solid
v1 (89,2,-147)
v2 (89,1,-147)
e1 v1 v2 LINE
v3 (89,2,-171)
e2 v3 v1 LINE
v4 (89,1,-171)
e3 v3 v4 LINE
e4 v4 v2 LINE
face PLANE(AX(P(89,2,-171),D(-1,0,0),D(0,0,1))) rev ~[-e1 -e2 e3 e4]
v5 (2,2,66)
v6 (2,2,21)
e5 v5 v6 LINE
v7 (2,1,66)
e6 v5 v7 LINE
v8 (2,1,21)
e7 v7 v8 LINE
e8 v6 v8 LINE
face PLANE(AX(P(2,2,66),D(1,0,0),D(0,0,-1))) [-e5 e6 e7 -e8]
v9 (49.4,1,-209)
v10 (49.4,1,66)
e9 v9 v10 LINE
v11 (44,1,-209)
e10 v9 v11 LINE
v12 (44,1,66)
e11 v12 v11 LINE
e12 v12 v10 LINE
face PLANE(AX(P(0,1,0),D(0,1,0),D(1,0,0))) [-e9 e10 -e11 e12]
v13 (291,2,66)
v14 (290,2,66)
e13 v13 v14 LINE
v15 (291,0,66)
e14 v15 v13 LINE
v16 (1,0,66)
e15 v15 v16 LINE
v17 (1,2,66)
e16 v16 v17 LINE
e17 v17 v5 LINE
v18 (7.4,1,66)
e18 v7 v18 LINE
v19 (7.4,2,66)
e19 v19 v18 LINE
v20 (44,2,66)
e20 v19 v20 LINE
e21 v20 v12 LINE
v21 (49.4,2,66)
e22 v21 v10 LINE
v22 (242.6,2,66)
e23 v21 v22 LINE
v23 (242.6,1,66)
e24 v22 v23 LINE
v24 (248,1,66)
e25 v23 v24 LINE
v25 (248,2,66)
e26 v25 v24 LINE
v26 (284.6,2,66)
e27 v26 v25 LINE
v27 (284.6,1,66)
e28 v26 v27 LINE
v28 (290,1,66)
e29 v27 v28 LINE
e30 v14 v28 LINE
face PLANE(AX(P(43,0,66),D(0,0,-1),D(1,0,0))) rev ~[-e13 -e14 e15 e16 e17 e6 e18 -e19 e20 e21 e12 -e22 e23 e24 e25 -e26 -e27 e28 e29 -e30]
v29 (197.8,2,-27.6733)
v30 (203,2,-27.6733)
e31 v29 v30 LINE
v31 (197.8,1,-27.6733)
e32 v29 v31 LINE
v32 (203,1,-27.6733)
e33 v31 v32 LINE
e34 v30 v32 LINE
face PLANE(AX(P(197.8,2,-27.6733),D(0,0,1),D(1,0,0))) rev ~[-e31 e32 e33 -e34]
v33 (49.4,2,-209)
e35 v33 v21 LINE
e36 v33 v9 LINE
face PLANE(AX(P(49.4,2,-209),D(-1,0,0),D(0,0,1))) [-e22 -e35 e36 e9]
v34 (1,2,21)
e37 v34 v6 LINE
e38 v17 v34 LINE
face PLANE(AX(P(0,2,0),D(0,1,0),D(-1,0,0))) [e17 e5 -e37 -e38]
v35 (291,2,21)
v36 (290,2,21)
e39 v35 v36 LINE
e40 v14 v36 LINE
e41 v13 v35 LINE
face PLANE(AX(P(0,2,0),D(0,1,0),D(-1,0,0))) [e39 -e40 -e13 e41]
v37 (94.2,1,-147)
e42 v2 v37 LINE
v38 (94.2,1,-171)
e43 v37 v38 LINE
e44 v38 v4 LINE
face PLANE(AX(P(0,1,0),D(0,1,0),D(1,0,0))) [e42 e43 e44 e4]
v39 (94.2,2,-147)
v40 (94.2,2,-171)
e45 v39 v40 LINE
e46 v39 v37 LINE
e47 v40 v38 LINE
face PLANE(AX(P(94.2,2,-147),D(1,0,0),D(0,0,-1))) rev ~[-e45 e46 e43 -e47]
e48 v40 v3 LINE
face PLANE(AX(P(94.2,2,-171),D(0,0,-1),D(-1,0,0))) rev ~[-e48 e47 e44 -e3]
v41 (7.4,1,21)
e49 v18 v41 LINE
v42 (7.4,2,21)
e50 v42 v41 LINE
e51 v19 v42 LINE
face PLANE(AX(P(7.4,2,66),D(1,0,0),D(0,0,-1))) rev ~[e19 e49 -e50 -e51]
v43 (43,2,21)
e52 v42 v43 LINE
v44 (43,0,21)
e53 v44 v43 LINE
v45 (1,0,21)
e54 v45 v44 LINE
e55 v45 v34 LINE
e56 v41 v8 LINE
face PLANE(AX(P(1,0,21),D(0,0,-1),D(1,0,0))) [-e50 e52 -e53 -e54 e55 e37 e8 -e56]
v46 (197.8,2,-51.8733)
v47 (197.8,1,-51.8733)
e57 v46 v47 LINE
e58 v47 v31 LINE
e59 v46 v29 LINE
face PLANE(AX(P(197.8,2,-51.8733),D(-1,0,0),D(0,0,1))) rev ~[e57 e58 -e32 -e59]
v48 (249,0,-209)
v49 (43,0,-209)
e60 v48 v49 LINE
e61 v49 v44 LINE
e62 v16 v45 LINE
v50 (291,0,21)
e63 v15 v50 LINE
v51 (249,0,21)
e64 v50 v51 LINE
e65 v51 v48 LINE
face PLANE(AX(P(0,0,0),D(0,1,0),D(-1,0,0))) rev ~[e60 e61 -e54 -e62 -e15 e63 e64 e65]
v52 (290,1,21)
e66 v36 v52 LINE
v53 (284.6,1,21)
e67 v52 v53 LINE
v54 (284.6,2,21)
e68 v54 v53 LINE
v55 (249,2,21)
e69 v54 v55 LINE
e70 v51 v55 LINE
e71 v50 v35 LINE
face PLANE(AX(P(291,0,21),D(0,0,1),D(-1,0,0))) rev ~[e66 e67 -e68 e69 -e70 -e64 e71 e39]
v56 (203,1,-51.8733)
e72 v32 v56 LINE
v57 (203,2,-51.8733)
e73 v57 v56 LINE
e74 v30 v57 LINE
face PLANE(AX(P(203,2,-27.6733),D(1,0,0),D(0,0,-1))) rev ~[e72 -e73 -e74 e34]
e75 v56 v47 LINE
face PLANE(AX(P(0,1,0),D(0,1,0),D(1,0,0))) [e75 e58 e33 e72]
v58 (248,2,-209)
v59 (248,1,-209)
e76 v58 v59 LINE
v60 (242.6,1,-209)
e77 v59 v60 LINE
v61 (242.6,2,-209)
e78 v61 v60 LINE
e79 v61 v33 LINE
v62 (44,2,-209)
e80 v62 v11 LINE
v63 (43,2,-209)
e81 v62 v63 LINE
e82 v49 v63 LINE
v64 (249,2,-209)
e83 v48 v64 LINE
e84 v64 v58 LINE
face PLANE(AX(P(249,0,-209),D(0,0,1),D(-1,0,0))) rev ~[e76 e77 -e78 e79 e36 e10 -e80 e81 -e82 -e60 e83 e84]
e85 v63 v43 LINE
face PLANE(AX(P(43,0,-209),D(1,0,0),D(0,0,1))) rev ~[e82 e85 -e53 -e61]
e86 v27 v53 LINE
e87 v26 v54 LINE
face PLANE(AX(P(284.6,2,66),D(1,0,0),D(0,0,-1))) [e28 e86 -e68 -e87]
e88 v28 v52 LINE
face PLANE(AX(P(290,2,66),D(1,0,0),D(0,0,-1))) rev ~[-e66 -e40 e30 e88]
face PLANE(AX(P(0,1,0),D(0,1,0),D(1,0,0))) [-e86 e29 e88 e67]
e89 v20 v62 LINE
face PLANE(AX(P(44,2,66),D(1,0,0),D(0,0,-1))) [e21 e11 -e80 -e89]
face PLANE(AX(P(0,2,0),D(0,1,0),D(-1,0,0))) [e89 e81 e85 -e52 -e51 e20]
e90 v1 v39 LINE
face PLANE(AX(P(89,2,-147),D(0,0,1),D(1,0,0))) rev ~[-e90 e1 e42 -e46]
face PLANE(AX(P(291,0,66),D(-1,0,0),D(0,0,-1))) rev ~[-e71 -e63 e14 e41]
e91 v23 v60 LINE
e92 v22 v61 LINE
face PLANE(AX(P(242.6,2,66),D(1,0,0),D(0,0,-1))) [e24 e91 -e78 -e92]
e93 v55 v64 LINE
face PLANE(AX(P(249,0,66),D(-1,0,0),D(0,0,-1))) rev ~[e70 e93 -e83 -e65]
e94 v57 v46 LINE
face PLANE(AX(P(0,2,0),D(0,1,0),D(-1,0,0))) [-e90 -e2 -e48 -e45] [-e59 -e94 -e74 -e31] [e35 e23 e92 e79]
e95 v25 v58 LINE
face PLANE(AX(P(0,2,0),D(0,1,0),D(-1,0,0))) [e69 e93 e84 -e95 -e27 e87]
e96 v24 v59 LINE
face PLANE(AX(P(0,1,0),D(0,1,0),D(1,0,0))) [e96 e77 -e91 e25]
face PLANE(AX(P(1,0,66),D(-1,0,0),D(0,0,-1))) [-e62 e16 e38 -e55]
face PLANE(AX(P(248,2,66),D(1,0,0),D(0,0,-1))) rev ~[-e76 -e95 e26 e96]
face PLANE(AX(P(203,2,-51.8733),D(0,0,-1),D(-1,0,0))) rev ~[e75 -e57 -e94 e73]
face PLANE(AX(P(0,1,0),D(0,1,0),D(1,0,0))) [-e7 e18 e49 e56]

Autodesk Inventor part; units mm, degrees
ref_plane "YZ Plane" through (0, 0, 0) normal (1, 0, 0) x (0, 1, 0)
ref_plane "XZ Plane" through (0, 0, 0) normal (0, 1, 0) x (-1, 0, 0)
ref_plane "XY Plane" through (0, 0, 0) normal (0, 0, 1) x (1, 0, 0)
sketch "스케치1" plane through (0, 0, 0) normal (0, 1, 0) x (-1, 0, 0)
  line L0 (-43, 66) -> (-249, 66)
  line L1 (-249, 66) -> (-249, -209)
  line L2 (-249, -209) -> (-43, -209)
  line L3 (-43, -209) -> (-43, 66)
  point P0 (0, 0)
  dimension "d0" = 206
  dimension "d1" = 275
extrude "돌출1" add sketch "스케치1" along normal blind 2
sketch "스케치2" plane through (0, 2, 0) normal (0, 1, 0) x (1, 0, 0)
  line L0 (43, -66) -> (249, -66) projected
  line L1 (249, -66) -> (248, -66)
  line L2 (248, -66) -> (248, 209)
  line L3 (249, 209) -> (43, 209) projected
  line L4 (43, 209) -> (43, -66) projected
  line L5 (43, -66) -> (44, -66)
  line L6 (44, -66) -> (44, 209)
  line L7 (44, 209) -> (49.4, 209)
  line L8 (49.4, 209) -> (49.4, -66)
  line L9 (248, -66) -> (242.6, -66)
  line L10 (242.6, -66) -> (242.6, 209)
  line L11 (49.4, -66) -> (44, -66)
  line L12 (49.4, 209) -> (44, 209)
  point P0 (0, 0)
  dimension "d4" = 1
  dimension "d5" = 5.4
  dimension "d6" = 5.4
  dimension "d9" = 1
extrude "돌출2" cut sketch "스케치2" against normal blind 1 contours L6 L3 L8 L0 | L10 L3 L2 L0
sketch "스케치3" plane through (0, 2, 0) normal (0, 1, 0) x (1, 0, 0)
  line L0 (197.8, 27.6733) -> (203, 27.6733)
  line L1 (203, 27.6733) -> (203, 51.8733)
  line L2 (203, 51.8733) -> (197.8, 51.8733)
  line L3 (197.8, 51.8733) -> (197.8, 27.6733)
  point P0 (0, 0)
  dimension "d10" = 5.2
  dimension "d11" = 24.2
extrude "돌출3" cut sketch "스케치3" against normal blind 1
sketch "스케치4" plane through (0, 2, 0) normal (0, 1, 0) x (1, 0, 0)
  line L0 (94.2, 171) -> (89, 171)
  line L1 (89, 171) -> (89, 147)
  line L2 (89, 147) -> (94.2, 147)
  line L3 (94.2, 147) -> (94.2, 171)
  point P0 (0, 0)
  dimension "d14" = 5.2
extrude "돌출4" cut sketch "스케치4" against normal blind 1
sketch "스케치5" plane through (0, 0, 0) normal (0, -1, 0) x (1, 0, 0)
  line L0 (43, -209) -> (43, 66) projected
  line L1 (43, 66) -> (1, 66)
  line L2 (1, 66) -> (1, 21)
  line L3 (1, 21) -> (43, 21)
  line L4 (249, 66) -> (291, 66)
  line L5 (291, 66) -> (291, 21)
  line L6 (291, 21) -> (249, 21)
  line L7 (249, 66) -> (249, -209) projected
  point P0 (0, 0)
  dimension "d17" = 42
  dimension "d18" = 45
  dimension "d19" = 42
  dimension "d20" = 45
extrude "돌출5" add sketch "스케치5" against normal blind 2
sketch "스케치6" plane through (0, 2, 0) normal (0, 1, 0) x (1, 0, 0)
  line L0 (44, -66) -> (44, 209) projected
  line L1 (44, 209) -> (43, 209) projected
  line L2 (43, 209) -> (43, -21) projected
  line L3 (43, -21) -> (1, -21) projected
  line L4 (1, -21) -> (1, -66) projected
  line L5 (1, -66) -> (44, -66) projected
  line L6 (248, 209) -> (248, -66) projected
  line L7 (248, -66) -> (291, -66) projected
  line L8 (291, -66) -> (291, -21) projected
  line L9 (291, -21) -> (249, -21) projected
  line L10 (249, -21) -> (249, 209) projected
  line L11 (249, 209) -> (248, 209) projected
  line L12 (2, -66) -> (2, -21)
  line L13 (1, -66) -> (291, -66) projected
  line L14 (7.4, -66) -> (7.4, -21)
  line L15 (248, -66) -> (291, -66) projected
  line L16 (290, -66) -> (290, -21)
  line L17 (284.6, -66) -> (284.6, -21)
  line L18 (291, -21) -> (249, -21) projected
  point P0 (0, 0)
  dimension "d23" = 5.4
  dimension "d24" = 1
  dimension "d25" = 1
  dimension "d26" = 5.4
extrude "돌출6" cut sketch "스케치6" against normal blind 1 contours L5 L12 L3 L14 | L17 L9 L16 L7
properties part number "밑판" material "알루미늄 6061"
